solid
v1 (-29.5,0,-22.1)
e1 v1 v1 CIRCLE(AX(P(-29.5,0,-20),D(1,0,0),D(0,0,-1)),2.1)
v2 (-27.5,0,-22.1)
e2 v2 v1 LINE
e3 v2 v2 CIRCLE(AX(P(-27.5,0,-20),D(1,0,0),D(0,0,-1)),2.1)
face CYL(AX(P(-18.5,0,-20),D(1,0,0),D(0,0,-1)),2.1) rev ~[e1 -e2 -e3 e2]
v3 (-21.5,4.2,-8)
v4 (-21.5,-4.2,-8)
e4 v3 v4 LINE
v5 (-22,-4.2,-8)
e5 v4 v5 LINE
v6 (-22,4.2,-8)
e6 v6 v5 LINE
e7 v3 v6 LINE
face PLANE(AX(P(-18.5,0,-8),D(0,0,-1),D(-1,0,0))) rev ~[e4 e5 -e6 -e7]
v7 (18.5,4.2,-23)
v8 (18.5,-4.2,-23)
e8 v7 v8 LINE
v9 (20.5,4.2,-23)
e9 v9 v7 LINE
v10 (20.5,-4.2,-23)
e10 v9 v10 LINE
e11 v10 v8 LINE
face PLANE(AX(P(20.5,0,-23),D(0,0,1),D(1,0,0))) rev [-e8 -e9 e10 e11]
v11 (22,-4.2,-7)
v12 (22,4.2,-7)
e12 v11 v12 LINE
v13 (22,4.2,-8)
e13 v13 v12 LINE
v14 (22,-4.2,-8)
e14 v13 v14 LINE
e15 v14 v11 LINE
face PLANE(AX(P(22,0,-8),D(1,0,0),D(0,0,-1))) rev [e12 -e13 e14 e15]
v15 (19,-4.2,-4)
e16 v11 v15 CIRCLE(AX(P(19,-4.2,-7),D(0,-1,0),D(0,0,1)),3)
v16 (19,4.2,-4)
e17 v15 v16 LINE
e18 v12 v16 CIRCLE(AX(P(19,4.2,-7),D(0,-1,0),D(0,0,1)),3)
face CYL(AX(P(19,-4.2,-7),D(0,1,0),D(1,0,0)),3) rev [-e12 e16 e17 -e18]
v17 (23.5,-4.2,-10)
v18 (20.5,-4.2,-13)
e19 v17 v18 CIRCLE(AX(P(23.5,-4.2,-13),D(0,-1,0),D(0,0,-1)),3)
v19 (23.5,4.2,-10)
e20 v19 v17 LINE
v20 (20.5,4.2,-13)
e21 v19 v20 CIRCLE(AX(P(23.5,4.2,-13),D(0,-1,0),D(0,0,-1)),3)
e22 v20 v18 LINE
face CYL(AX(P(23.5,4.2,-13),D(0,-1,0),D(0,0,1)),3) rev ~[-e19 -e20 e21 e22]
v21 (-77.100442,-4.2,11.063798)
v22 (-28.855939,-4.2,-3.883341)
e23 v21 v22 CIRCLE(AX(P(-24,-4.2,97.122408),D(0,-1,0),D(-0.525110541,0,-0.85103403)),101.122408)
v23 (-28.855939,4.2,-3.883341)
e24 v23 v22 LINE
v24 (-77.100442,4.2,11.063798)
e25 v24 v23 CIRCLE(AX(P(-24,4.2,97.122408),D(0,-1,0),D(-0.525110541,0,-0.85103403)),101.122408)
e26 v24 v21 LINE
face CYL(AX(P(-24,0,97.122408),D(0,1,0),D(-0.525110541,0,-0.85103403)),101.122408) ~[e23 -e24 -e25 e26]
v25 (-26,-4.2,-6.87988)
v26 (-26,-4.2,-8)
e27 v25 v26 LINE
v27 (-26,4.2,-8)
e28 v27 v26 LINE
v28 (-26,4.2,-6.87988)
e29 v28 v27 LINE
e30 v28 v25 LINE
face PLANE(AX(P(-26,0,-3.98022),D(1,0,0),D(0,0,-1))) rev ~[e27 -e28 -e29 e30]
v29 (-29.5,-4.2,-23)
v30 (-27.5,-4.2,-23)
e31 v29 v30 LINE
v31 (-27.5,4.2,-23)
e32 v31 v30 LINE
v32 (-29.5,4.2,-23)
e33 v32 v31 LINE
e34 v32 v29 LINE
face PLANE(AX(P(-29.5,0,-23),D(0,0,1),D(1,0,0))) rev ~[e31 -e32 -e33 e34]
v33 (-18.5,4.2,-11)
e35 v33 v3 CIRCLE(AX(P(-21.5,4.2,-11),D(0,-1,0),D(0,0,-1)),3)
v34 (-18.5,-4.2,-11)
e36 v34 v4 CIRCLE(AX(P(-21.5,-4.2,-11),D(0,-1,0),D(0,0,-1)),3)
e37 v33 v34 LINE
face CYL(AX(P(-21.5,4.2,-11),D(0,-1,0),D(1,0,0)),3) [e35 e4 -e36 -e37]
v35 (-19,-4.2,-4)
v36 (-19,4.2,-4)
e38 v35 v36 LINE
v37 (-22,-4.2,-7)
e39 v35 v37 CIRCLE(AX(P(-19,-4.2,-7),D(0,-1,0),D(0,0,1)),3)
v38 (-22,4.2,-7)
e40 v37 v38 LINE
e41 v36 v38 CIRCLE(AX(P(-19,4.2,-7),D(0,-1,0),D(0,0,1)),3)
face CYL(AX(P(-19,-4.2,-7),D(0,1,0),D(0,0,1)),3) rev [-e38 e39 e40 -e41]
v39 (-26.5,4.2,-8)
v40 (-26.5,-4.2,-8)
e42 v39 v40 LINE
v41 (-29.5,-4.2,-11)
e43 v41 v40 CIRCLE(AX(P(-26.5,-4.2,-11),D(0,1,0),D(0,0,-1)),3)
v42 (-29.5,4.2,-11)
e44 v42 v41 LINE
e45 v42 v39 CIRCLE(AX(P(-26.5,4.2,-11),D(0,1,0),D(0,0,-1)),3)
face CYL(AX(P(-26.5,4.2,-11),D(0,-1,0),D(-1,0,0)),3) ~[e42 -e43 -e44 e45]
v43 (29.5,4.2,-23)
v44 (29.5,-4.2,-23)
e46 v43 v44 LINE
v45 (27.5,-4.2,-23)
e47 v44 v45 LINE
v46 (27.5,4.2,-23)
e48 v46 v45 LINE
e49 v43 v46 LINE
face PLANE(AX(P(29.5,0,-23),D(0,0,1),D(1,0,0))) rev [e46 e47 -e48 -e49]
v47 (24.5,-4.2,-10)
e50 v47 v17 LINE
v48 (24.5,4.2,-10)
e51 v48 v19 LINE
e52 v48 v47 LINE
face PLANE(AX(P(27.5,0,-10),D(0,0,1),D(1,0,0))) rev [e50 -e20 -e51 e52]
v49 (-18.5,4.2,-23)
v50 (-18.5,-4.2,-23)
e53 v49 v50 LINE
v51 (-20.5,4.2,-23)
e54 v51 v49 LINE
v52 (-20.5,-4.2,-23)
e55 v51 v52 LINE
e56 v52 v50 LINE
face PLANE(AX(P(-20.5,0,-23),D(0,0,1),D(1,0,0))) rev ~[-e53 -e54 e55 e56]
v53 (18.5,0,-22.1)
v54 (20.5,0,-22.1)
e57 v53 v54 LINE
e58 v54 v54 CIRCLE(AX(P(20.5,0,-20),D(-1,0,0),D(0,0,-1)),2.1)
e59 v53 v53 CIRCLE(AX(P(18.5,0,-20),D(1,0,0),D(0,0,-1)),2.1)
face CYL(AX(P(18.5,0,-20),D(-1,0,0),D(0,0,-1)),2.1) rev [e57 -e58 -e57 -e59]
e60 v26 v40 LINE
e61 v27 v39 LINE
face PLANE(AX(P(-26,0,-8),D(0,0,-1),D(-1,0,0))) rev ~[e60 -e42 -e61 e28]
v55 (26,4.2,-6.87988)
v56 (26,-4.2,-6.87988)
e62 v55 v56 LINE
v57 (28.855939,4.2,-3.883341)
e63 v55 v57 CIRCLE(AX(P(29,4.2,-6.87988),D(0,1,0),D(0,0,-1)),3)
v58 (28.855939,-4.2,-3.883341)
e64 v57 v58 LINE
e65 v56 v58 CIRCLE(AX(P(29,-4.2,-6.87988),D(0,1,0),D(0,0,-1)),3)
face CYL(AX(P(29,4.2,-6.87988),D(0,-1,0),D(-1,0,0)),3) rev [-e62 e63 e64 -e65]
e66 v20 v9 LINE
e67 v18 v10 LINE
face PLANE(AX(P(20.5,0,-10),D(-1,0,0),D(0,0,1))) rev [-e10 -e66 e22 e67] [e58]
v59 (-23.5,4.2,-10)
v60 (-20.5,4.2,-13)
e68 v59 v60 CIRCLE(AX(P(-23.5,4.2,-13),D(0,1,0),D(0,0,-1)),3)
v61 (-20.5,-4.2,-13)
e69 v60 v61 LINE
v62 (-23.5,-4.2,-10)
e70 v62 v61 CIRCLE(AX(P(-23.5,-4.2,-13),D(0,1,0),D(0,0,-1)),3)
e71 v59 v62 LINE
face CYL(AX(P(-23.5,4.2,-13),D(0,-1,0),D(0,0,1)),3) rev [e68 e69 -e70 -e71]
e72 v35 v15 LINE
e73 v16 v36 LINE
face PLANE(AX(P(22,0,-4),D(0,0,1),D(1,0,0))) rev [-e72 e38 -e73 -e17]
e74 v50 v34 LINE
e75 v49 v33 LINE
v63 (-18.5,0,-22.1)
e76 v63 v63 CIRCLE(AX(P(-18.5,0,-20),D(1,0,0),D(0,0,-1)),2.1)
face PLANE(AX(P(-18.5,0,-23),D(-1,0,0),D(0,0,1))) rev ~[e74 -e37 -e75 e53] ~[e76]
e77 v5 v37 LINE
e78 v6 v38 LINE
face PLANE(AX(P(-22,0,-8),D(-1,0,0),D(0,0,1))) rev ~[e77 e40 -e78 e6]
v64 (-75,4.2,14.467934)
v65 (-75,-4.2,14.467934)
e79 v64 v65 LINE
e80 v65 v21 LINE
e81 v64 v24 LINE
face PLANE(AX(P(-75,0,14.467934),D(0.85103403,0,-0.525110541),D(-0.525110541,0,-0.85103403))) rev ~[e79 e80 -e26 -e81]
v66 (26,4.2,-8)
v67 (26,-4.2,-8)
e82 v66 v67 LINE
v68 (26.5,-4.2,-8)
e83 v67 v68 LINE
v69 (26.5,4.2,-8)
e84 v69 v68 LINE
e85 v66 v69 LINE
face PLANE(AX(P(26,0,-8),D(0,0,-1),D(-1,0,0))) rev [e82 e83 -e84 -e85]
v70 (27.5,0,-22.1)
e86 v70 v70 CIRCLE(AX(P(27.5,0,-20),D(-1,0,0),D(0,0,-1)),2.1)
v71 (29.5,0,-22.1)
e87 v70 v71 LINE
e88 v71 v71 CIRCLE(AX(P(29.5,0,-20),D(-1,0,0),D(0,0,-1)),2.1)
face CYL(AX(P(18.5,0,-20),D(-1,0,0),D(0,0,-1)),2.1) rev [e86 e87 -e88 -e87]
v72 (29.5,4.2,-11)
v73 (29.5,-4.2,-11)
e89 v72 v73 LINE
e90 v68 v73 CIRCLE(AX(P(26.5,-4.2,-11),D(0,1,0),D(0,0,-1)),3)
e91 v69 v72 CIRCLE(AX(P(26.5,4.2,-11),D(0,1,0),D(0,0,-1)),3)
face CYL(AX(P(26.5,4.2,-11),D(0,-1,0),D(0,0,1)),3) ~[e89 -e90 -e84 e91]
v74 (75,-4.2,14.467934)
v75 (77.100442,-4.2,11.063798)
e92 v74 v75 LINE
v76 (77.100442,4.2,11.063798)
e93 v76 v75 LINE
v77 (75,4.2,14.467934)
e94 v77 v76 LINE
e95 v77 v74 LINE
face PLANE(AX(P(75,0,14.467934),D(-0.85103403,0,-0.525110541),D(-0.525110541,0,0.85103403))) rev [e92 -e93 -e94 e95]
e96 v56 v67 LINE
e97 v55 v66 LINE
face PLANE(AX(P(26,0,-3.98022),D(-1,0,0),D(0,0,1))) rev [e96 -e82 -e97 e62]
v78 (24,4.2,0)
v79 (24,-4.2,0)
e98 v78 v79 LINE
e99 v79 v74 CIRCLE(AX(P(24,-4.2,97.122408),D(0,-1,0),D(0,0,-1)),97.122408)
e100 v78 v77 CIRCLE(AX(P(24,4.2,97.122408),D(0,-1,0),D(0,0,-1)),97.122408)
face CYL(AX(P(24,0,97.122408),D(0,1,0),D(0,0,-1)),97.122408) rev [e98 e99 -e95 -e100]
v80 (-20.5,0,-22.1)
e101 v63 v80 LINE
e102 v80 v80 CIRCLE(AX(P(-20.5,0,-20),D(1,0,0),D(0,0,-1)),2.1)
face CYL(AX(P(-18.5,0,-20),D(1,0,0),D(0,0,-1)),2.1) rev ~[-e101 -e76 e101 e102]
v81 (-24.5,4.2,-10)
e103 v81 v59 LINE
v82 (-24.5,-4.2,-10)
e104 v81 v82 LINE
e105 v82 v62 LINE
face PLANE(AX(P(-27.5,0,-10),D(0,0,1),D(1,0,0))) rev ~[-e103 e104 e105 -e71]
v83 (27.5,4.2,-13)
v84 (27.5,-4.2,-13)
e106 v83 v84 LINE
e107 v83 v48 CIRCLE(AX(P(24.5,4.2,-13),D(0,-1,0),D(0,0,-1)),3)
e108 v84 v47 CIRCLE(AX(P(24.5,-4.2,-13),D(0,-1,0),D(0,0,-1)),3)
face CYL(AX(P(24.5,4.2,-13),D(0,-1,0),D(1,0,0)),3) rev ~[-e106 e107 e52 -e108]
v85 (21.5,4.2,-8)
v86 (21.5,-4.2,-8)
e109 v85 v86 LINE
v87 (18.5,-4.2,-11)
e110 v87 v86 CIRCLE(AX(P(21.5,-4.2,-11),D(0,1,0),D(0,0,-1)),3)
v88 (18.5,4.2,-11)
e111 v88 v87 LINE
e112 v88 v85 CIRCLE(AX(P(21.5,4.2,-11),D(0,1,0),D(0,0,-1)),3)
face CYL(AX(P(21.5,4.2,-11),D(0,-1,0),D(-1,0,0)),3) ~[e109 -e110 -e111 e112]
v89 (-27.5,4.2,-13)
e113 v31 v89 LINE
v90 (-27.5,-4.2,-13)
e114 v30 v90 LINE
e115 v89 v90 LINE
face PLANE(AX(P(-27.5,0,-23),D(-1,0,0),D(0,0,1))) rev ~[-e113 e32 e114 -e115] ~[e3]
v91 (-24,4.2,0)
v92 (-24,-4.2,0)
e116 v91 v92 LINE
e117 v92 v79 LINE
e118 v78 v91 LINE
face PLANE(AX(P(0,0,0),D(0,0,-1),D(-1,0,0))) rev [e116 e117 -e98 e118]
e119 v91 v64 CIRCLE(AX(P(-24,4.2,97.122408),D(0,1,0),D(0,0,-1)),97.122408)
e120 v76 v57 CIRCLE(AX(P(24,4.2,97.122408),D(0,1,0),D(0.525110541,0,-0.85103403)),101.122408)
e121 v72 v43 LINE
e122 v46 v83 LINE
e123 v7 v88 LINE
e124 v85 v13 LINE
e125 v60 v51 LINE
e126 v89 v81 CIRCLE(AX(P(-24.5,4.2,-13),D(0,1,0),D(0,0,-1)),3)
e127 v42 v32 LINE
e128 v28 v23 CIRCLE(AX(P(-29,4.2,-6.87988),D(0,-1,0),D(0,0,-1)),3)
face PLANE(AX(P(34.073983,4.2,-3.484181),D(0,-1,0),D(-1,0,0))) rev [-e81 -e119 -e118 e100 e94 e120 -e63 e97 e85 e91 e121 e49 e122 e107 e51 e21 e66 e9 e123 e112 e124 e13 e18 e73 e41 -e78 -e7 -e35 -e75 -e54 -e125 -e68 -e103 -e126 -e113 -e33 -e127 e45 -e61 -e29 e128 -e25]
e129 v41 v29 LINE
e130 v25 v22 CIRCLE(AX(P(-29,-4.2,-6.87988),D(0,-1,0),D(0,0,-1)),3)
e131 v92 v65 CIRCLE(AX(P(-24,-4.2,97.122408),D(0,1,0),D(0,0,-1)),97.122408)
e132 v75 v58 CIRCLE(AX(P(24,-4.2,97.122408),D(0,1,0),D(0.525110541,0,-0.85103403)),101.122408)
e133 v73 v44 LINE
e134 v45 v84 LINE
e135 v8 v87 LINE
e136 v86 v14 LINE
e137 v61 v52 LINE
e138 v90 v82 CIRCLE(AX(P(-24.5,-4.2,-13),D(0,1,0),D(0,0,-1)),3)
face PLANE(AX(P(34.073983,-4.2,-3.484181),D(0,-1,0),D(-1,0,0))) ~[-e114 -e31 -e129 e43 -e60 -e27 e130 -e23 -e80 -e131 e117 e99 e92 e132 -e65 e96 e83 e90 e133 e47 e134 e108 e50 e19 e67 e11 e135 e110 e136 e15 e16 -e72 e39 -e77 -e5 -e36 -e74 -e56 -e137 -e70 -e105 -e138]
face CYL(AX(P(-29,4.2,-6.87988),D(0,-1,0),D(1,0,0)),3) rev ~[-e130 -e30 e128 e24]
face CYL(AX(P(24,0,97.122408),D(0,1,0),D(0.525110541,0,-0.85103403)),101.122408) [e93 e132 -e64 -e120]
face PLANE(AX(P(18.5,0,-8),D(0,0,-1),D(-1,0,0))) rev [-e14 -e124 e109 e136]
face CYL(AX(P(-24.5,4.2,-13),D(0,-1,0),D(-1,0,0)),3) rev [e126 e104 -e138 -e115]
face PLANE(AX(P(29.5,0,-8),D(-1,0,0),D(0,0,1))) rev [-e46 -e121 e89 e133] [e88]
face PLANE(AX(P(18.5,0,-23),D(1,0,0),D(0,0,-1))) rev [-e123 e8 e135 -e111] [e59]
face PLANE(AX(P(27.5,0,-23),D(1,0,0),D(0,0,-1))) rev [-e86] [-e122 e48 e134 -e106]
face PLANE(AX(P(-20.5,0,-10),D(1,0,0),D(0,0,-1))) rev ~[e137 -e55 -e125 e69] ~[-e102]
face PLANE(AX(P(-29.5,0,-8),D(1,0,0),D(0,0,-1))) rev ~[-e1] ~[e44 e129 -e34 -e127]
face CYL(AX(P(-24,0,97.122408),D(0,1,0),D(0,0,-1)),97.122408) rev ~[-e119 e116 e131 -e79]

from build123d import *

# Parameters (mm, degrees)
BOSS_EXTRUDE1_DEPTH  = 4.2
FILLET2_R            = 3
FILLET5_R            = 3
SKETCH3_R            = 2.1
CUT_EXTRUDE1_DEPTH   = 16
FILLET6_R            = 3
FILLET2_OF_MIRROR1_R = 3
FILLET5_OF_MIRROR1_R = 3
FILLET6_OF_MIRROR1_R = 3


with BuildPart() as part:
    # Sketch2 → Boss-Extrude1 (new body, symmetric)
    with BuildSketch(Plane(origin=(0, 0, 0), x_dir=(1, 0, 0), z_dir=(0, 1, 0))):
        with BuildLine():
            Line((0, 0), (-24, 0))
            ThreePointArc((-24, 0), (-50.506230897, -3.686965816), (-75, -14.467933694))
            Line((-75, -14.467933694), (-77.100442165, -11.063797576))
            ThreePointArc((-77.100442165, -11.063797576), (-52.558629139, -0.11650046), (-26, 3.980220055))
            Line((-26, 3.980220055), (-26, 8))
            Line((-26, 8), (-29.5, 8))
            Line((-29.5, 8), (-29.5, 23))
            Line((-29.5, 23), (-27.5, 23))
            Line((-27.5, 23), (-27.5, 10))
            Line((-27.5, 10), (-24, 10))
            Line((-24, 10), (-20.5, 10))
            Line((-20.5, 10), (-20.5, 23))
            Line((-20.5, 23), (-18.5, 23))
            Line((-18.5, 23), (-18.5, 8))
            Line((-18.5, 8), (-22, 8))
            Line((-22, 8), (-22, 4))
            Line((-22, 4), (0, 4))
            Line((0, 4), (0, 0))
        make_face()
    boss_extrude1 = extrude(amount=BOSS_EXTRUDE1_DEPTH, both=True)

    # Fillet2
    fillet2_edges = [part.edges().sort_by_distance(p)[0] for p in [
        (-29.5, 0, -8),
    ]]
    fillet(fillet2_edges, radius=FILLET2_R)

    # Fillet5
    fillet5_edges = [part.edges().sort_by_distance(p)[0] for p in [
        (-26, 0, -3.980220055),
        (-18.5, 0, -8),
        (-22, 0, -4),
    ]]
    fillet(fillet5_edges, radius=FILLET5_R)

    # Sketch3 → Cut-Extrude1 (cut)
    with BuildSketch(Plane(origin=(-18.5, 0, 0), x_dir=(0, 0, -1), z_dir=(1, 0, 0))):
        with Locations((20, 0)):
            Circle(SKETCH3_R)
    cut_extrude1 = extrude(amount=-CUT_EXTRUDE1_DEPTH, mode=Mode.SUBTRACT)

    # Fillet6
    fillet6_edges = [part.edges().sort_by_distance(p)[0] for p in [
        (-27.5, 0, -10),
        (-20.5, 0, -10),
    ]]
    fillet(fillet6_edges, radius=FILLET6_R)

    # Mirror1: Boss-Extrude1, Cut-Extrude1 across plane
    add(boss_extrude1.mirror(Plane(origin=(0, -4.2, -4), x_dir=(0, 0, 1), z_dir=(1, 0, 0))))
    add(cut_extrude1.mirror(Plane(origin=(0, -4.2, -4), x_dir=(0, 0, 1), z_dir=(1, 0, 0))), mode=Mode.SUBTRACT)

    # Fillet2 of Mirror1
    fillet2_of_mirror1_edges = [part.edges().sort_by_distance(p)[0] for p in [
        (29.5, 0, -8),
    ]]
    fillet(fillet2_of_mirror1_edges, radius=FILLET2_OF_MIRROR1_R)

    # Fillet5 of Mirror1
    fillet5_of_mirror1_edges = [part.edges().sort_by_distance(p)[0] for p in [
        (26, 0, -3.980220055),
        (18.5, 0, -8),
        (22, 0, -4),
    ]]
    fillet(fillet5_of_mirror1_edges, radius=FILLET5_OF_MIRROR1_R)

    # Fillet6 of Mirror1
    fillet6_of_mirror1_edges = [part.edges().sort_by_distance(p)[0] for p in [
        (27.5, 0, -10),
        (20.5, 0, -10),
    ]]
    fillet(fillet6_of_mirror1_edges, radius=FILLET6_OF_MIRROR1_R)


solid = part.part
